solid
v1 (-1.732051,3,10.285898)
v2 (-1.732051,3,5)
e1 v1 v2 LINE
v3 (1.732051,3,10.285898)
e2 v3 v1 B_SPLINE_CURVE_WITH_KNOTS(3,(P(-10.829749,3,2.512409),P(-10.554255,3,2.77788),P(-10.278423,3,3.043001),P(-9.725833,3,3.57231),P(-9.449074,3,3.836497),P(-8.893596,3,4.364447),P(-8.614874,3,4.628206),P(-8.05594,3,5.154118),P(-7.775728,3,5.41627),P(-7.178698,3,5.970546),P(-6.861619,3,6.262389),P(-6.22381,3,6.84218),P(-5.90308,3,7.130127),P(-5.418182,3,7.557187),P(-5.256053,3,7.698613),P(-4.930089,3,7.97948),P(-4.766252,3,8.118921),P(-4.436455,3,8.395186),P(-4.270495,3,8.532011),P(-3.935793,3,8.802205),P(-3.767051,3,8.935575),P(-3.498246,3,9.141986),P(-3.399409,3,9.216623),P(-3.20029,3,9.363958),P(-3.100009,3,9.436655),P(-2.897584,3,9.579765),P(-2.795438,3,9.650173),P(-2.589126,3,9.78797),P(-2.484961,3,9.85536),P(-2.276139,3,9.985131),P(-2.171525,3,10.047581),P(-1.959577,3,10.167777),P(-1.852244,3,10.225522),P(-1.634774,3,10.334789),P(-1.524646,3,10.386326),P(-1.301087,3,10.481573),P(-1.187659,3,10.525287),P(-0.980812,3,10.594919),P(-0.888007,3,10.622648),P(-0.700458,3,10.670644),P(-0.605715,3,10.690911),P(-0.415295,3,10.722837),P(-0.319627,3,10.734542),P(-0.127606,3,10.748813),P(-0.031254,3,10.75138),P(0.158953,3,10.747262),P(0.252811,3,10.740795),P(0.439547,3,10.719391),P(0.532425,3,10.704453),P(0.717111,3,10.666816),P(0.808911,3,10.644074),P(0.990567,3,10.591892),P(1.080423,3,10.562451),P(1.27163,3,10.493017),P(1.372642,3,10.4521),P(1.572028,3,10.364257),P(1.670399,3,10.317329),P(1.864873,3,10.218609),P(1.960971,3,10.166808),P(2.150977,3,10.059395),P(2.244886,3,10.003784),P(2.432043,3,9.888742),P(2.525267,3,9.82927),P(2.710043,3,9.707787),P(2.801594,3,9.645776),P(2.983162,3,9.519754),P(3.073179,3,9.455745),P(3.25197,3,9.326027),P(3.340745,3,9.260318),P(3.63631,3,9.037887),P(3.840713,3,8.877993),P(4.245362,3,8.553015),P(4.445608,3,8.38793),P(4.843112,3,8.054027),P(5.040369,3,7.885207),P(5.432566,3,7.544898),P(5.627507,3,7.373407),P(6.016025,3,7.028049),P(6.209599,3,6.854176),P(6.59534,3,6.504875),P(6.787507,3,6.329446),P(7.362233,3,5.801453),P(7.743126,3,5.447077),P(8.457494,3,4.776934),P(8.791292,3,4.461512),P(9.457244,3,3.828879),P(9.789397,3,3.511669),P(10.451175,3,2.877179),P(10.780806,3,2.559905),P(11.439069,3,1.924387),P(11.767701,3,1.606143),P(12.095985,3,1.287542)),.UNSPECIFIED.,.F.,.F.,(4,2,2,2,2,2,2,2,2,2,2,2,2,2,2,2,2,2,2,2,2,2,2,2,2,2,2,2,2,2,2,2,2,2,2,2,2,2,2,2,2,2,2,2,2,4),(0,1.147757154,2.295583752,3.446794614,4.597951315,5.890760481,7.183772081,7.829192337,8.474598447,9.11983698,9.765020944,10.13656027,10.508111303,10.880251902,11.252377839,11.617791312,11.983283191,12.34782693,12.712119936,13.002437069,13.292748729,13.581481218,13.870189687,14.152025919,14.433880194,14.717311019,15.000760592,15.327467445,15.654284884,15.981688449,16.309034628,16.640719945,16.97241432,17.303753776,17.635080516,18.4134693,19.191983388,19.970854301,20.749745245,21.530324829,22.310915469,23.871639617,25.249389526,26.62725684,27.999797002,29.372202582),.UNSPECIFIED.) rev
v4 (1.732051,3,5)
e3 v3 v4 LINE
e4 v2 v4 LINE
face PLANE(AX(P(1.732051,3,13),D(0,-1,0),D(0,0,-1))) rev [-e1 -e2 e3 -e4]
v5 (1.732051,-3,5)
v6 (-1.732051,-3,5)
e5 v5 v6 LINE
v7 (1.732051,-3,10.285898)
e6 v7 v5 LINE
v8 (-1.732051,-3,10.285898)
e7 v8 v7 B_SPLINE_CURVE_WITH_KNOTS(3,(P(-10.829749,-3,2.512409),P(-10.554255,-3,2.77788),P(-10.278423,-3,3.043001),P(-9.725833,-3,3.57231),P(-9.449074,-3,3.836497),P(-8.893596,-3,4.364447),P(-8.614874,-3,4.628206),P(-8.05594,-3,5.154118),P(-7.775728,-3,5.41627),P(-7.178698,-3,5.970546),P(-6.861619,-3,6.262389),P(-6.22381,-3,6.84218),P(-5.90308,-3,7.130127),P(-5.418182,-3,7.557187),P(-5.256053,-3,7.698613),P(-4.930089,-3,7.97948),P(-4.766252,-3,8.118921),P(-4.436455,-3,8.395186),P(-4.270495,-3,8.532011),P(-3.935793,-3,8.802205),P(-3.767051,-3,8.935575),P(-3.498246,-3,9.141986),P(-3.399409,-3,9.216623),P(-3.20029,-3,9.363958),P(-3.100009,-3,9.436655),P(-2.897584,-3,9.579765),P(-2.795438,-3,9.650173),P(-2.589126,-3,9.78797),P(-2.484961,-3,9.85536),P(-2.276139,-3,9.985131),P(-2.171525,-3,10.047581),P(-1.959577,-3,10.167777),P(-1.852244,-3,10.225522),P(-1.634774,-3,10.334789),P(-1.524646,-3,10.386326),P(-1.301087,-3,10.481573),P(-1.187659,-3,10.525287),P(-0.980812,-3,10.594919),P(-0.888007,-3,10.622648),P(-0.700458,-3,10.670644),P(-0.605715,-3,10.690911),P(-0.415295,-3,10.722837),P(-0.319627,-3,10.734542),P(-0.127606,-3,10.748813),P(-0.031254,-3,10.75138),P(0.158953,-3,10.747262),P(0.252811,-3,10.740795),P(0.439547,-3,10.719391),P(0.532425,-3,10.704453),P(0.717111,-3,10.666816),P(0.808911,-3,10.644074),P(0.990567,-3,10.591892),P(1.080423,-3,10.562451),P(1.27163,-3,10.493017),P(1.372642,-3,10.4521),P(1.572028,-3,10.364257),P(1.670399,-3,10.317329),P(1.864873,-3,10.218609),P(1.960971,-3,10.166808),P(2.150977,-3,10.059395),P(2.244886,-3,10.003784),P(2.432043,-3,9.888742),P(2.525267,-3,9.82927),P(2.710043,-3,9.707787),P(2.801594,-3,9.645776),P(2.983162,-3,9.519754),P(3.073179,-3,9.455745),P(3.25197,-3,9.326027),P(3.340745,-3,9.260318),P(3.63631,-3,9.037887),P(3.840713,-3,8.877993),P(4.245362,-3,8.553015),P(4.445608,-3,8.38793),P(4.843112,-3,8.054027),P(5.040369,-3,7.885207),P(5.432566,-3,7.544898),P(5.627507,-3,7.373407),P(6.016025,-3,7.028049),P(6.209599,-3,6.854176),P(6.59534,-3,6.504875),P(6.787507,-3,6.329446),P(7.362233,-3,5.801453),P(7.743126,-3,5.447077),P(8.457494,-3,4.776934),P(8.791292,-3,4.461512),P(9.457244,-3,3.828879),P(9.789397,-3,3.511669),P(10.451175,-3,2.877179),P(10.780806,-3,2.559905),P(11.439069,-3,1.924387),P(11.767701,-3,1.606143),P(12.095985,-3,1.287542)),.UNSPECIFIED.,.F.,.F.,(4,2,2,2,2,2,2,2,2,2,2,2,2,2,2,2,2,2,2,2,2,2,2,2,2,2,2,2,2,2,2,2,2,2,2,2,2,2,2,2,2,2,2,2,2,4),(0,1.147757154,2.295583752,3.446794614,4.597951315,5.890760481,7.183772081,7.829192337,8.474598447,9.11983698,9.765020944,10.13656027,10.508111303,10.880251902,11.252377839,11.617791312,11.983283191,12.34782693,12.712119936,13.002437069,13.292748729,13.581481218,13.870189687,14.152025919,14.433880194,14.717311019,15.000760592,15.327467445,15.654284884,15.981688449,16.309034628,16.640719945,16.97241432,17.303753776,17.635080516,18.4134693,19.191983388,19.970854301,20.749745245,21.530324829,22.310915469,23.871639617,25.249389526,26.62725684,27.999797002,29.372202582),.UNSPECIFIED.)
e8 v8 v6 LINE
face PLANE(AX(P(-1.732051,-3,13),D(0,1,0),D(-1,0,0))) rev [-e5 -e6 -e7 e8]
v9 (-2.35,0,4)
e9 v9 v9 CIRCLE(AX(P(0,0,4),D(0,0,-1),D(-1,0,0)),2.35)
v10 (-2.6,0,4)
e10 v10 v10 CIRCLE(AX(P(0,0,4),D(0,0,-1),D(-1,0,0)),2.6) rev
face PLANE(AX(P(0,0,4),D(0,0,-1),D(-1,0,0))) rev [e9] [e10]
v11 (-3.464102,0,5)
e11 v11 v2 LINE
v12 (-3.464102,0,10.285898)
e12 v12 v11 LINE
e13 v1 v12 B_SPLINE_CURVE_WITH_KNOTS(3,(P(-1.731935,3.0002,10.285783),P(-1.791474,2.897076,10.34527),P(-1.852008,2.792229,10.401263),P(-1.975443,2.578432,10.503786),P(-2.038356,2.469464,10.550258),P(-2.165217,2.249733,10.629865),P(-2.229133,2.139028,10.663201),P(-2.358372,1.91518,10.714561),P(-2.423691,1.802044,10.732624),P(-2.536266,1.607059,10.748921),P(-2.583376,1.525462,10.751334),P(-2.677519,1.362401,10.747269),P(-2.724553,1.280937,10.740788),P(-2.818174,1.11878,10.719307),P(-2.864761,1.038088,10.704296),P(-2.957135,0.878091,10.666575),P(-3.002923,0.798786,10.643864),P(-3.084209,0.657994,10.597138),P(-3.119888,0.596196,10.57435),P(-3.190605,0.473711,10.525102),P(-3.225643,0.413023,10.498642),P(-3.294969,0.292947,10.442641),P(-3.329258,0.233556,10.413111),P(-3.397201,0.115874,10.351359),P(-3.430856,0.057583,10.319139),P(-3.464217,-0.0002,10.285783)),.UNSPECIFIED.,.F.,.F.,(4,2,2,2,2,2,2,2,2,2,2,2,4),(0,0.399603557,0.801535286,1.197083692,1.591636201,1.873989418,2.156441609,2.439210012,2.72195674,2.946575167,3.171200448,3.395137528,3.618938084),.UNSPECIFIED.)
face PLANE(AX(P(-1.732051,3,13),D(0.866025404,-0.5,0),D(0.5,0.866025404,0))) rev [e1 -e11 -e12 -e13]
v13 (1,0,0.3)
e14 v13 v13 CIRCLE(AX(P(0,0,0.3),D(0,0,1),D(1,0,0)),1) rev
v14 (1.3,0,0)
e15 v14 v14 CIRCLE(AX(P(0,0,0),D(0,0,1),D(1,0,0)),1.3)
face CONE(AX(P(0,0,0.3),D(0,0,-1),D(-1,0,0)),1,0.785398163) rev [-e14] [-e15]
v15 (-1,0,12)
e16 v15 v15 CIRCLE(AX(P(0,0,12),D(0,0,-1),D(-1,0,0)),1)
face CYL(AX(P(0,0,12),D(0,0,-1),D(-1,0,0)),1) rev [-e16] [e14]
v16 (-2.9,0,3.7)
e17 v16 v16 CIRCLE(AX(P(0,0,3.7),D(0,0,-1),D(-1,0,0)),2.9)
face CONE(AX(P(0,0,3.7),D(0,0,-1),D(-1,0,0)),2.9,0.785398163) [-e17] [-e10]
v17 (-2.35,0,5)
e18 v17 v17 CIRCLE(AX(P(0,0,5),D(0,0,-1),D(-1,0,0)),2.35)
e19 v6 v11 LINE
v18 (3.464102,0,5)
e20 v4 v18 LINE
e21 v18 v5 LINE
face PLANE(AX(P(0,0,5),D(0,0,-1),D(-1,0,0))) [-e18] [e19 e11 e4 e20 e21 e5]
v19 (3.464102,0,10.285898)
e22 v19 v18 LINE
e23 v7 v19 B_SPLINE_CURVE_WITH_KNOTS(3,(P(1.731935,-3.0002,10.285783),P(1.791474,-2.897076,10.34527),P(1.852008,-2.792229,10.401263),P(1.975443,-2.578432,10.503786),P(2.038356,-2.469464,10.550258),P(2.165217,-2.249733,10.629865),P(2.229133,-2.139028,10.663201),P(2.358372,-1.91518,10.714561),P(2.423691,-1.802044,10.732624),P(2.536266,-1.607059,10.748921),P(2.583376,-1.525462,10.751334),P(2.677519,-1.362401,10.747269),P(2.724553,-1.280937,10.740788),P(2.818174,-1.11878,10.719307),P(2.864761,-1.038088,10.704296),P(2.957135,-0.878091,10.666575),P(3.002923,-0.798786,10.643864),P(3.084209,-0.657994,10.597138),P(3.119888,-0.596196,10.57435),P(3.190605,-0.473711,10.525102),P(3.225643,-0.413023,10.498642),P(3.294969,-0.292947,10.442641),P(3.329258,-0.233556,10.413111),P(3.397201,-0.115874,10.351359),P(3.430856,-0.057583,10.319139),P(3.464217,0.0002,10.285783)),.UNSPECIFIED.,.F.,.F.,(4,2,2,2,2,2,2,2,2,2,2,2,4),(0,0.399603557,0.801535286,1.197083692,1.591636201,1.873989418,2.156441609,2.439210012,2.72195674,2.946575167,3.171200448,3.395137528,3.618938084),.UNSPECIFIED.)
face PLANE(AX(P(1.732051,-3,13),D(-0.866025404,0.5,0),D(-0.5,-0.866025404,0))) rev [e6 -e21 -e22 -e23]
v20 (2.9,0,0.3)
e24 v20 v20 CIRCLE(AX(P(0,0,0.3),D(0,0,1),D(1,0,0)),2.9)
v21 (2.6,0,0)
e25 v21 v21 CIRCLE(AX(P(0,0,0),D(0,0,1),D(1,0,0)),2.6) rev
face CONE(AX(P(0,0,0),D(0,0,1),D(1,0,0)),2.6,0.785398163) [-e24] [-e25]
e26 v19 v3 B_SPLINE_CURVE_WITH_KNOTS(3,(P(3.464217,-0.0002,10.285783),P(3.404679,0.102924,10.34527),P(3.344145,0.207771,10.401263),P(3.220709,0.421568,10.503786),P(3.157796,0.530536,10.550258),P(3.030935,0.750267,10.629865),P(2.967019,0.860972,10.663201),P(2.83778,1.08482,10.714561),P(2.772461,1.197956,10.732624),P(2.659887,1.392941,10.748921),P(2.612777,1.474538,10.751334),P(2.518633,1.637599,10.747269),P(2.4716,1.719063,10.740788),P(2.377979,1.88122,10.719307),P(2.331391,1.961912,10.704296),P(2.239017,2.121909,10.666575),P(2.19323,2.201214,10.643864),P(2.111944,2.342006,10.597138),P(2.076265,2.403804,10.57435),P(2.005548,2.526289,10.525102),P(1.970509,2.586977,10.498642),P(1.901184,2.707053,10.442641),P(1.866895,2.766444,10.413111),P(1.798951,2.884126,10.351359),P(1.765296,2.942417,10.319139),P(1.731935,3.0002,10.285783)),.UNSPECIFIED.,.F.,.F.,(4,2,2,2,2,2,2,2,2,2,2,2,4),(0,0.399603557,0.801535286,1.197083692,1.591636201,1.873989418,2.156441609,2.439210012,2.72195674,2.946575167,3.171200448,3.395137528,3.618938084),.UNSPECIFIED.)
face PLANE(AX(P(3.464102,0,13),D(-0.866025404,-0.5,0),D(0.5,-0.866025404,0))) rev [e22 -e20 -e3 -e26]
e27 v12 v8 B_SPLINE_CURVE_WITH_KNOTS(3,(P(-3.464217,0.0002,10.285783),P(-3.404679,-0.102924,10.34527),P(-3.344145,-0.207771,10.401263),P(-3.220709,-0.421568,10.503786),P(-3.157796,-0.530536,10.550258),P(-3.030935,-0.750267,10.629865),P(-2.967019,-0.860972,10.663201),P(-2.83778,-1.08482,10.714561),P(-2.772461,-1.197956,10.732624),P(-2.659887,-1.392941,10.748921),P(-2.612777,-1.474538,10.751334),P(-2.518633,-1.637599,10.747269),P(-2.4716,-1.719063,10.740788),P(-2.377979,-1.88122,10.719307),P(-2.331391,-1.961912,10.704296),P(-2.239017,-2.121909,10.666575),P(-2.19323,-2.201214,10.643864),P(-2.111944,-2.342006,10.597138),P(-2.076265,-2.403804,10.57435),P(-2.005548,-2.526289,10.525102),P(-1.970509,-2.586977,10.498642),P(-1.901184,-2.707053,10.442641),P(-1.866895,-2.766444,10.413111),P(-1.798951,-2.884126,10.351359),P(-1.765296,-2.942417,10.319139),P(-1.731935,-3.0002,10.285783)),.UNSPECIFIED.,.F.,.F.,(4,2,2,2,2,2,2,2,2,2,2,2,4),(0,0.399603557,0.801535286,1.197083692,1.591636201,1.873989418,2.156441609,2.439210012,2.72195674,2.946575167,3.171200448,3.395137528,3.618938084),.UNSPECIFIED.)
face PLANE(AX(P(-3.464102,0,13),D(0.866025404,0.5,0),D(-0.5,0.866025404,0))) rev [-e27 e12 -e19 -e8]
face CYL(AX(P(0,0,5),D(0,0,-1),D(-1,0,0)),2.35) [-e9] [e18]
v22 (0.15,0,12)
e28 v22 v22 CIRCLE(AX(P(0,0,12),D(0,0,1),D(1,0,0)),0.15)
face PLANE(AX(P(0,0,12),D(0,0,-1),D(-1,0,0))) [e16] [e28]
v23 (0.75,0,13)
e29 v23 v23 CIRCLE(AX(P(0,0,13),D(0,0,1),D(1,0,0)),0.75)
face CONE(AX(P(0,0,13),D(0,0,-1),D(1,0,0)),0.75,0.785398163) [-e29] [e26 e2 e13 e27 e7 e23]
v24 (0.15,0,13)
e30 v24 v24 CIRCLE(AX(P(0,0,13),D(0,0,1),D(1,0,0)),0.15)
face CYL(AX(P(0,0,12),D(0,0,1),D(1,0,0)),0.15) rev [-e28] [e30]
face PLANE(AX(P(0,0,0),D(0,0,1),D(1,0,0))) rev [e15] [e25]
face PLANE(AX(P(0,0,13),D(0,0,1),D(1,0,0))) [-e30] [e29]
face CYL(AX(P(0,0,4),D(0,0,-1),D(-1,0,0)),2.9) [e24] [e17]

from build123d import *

# Parameters (mm, degrees)
EXTRUDE_1_DEPTH     = 13
SKETCH_2_OUTSIDE_W  = 38.11
SKETCH_2_OUTSIDE_H  = 37.182
SKETCH_2_OUTSIDE_R  = 0.75
CUT_EXTRUDE_1_DEPTH = 13
CUT_EXTRUDE_1_TAPER = 45
SKETCH_3_OUTSIDE_W  = 12.11
SKETCH_3_OUTSIDE_H  = 11.182
SKETCH_3_OUTSIDE_R  = 2.35
CUT_EXTRUDE_2_DEPTH = 5
SKETCH_4_R          = 1
CUT_EXTRUDE_3_DEPTH = 12
SKETCH_5_R          = 0.15
CUT_EXTRUDE_4_DEPTH = 1
SKETCH_6_R          = 2.9
SKETCH_6_R_2        = 2.35
EXTRUDE_2_DEPTH     = 4
CHAMFER_1_SIZE      = 0.3


with BuildPart() as part:
    # Эскиз1 → Бобышка-Вытянуть1 (new body)
    with BuildSketch(Plane.XY):
        Polygon((3.464101615, 0), (1.732050808, 3), (-1.732050808, 3), (-3.464101615, 0), (-1.732050808, -3), (1.732050808, -3), align=None)
    extrude(amount=EXTRUDE_1_DEPTH)

    # Эскиз2 outside → Вырез-Вытянуть1 (cut)
    with BuildSketch(Plane.XY.offset(13)):
        Rectangle(SKETCH_2_OUTSIDE_W, SKETCH_2_OUTSIDE_H)
        Circle(SKETCH_2_OUTSIDE_R, mode=Mode.SUBTRACT)
    extrude(amount=-CUT_EXTRUDE_1_DEPTH, taper=CUT_EXTRUDE_1_TAPER, mode=Mode.SUBTRACT)

    # Эскиз3 outside → Вырез-Вытянуть2 (cut)
    with BuildSketch(Plane(origin=(0, 0, 0), x_dir=(-1, 0, 0), z_dir=(0, 0, -1))):
        Rectangle(SKETCH_3_OUTSIDE_W, SKETCH_3_OUTSIDE_H)
        Circle(SKETCH_3_OUTSIDE_R, mode=Mode.SUBTRACT)
    extrude(amount=-CUT_EXTRUDE_2_DEPTH, mode=Mode.SUBTRACT)

    # Эскиз4 → Вырез-Вытянуть3 (cut)
    with BuildSketch(Plane(origin=(0, 0, 0), x_dir=(-1, 0, 0), z_dir=(0, 0, -1))):
        Circle(SKETCH_4_R)
    extrude(amount=-CUT_EXTRUDE_3_DEPTH, mode=Mode.SUBTRACT)

    # Эскиз5 → Вырез-Вытянуть4 (cut)
    with BuildSketch(Plane.XY.offset(13)):
        Circle(SKETCH_5_R)
    extrude(amount=-CUT_EXTRUDE_4_DEPTH, mode=Mode.SUBTRACT)

    # Эскиз6 → Бобышка-Вытянуть2 (add)
    with BuildSketch(Plane(origin=(0, 0, 0), x_dir=(-1, 0, 0), z_dir=(0, 0, -1))):
        Circle(SKETCH_6_R)
        Circle(SKETCH_6_R_2, mode=Mode.SUBTRACT)
    extrude(amount=-EXTRUDE_2_DEPTH)

    # Фаска1
    chamfer_1_edges = [part.edges().sort_by_distance(p)[0] for p in [
        (1, 0, 0),
        (2.9, 0, 4),
        (2.9, 0, 0),
    ]]
    chamfer(chamfer_1_edges, length=CHAMFER_1_SIZE)


solid = part.part
